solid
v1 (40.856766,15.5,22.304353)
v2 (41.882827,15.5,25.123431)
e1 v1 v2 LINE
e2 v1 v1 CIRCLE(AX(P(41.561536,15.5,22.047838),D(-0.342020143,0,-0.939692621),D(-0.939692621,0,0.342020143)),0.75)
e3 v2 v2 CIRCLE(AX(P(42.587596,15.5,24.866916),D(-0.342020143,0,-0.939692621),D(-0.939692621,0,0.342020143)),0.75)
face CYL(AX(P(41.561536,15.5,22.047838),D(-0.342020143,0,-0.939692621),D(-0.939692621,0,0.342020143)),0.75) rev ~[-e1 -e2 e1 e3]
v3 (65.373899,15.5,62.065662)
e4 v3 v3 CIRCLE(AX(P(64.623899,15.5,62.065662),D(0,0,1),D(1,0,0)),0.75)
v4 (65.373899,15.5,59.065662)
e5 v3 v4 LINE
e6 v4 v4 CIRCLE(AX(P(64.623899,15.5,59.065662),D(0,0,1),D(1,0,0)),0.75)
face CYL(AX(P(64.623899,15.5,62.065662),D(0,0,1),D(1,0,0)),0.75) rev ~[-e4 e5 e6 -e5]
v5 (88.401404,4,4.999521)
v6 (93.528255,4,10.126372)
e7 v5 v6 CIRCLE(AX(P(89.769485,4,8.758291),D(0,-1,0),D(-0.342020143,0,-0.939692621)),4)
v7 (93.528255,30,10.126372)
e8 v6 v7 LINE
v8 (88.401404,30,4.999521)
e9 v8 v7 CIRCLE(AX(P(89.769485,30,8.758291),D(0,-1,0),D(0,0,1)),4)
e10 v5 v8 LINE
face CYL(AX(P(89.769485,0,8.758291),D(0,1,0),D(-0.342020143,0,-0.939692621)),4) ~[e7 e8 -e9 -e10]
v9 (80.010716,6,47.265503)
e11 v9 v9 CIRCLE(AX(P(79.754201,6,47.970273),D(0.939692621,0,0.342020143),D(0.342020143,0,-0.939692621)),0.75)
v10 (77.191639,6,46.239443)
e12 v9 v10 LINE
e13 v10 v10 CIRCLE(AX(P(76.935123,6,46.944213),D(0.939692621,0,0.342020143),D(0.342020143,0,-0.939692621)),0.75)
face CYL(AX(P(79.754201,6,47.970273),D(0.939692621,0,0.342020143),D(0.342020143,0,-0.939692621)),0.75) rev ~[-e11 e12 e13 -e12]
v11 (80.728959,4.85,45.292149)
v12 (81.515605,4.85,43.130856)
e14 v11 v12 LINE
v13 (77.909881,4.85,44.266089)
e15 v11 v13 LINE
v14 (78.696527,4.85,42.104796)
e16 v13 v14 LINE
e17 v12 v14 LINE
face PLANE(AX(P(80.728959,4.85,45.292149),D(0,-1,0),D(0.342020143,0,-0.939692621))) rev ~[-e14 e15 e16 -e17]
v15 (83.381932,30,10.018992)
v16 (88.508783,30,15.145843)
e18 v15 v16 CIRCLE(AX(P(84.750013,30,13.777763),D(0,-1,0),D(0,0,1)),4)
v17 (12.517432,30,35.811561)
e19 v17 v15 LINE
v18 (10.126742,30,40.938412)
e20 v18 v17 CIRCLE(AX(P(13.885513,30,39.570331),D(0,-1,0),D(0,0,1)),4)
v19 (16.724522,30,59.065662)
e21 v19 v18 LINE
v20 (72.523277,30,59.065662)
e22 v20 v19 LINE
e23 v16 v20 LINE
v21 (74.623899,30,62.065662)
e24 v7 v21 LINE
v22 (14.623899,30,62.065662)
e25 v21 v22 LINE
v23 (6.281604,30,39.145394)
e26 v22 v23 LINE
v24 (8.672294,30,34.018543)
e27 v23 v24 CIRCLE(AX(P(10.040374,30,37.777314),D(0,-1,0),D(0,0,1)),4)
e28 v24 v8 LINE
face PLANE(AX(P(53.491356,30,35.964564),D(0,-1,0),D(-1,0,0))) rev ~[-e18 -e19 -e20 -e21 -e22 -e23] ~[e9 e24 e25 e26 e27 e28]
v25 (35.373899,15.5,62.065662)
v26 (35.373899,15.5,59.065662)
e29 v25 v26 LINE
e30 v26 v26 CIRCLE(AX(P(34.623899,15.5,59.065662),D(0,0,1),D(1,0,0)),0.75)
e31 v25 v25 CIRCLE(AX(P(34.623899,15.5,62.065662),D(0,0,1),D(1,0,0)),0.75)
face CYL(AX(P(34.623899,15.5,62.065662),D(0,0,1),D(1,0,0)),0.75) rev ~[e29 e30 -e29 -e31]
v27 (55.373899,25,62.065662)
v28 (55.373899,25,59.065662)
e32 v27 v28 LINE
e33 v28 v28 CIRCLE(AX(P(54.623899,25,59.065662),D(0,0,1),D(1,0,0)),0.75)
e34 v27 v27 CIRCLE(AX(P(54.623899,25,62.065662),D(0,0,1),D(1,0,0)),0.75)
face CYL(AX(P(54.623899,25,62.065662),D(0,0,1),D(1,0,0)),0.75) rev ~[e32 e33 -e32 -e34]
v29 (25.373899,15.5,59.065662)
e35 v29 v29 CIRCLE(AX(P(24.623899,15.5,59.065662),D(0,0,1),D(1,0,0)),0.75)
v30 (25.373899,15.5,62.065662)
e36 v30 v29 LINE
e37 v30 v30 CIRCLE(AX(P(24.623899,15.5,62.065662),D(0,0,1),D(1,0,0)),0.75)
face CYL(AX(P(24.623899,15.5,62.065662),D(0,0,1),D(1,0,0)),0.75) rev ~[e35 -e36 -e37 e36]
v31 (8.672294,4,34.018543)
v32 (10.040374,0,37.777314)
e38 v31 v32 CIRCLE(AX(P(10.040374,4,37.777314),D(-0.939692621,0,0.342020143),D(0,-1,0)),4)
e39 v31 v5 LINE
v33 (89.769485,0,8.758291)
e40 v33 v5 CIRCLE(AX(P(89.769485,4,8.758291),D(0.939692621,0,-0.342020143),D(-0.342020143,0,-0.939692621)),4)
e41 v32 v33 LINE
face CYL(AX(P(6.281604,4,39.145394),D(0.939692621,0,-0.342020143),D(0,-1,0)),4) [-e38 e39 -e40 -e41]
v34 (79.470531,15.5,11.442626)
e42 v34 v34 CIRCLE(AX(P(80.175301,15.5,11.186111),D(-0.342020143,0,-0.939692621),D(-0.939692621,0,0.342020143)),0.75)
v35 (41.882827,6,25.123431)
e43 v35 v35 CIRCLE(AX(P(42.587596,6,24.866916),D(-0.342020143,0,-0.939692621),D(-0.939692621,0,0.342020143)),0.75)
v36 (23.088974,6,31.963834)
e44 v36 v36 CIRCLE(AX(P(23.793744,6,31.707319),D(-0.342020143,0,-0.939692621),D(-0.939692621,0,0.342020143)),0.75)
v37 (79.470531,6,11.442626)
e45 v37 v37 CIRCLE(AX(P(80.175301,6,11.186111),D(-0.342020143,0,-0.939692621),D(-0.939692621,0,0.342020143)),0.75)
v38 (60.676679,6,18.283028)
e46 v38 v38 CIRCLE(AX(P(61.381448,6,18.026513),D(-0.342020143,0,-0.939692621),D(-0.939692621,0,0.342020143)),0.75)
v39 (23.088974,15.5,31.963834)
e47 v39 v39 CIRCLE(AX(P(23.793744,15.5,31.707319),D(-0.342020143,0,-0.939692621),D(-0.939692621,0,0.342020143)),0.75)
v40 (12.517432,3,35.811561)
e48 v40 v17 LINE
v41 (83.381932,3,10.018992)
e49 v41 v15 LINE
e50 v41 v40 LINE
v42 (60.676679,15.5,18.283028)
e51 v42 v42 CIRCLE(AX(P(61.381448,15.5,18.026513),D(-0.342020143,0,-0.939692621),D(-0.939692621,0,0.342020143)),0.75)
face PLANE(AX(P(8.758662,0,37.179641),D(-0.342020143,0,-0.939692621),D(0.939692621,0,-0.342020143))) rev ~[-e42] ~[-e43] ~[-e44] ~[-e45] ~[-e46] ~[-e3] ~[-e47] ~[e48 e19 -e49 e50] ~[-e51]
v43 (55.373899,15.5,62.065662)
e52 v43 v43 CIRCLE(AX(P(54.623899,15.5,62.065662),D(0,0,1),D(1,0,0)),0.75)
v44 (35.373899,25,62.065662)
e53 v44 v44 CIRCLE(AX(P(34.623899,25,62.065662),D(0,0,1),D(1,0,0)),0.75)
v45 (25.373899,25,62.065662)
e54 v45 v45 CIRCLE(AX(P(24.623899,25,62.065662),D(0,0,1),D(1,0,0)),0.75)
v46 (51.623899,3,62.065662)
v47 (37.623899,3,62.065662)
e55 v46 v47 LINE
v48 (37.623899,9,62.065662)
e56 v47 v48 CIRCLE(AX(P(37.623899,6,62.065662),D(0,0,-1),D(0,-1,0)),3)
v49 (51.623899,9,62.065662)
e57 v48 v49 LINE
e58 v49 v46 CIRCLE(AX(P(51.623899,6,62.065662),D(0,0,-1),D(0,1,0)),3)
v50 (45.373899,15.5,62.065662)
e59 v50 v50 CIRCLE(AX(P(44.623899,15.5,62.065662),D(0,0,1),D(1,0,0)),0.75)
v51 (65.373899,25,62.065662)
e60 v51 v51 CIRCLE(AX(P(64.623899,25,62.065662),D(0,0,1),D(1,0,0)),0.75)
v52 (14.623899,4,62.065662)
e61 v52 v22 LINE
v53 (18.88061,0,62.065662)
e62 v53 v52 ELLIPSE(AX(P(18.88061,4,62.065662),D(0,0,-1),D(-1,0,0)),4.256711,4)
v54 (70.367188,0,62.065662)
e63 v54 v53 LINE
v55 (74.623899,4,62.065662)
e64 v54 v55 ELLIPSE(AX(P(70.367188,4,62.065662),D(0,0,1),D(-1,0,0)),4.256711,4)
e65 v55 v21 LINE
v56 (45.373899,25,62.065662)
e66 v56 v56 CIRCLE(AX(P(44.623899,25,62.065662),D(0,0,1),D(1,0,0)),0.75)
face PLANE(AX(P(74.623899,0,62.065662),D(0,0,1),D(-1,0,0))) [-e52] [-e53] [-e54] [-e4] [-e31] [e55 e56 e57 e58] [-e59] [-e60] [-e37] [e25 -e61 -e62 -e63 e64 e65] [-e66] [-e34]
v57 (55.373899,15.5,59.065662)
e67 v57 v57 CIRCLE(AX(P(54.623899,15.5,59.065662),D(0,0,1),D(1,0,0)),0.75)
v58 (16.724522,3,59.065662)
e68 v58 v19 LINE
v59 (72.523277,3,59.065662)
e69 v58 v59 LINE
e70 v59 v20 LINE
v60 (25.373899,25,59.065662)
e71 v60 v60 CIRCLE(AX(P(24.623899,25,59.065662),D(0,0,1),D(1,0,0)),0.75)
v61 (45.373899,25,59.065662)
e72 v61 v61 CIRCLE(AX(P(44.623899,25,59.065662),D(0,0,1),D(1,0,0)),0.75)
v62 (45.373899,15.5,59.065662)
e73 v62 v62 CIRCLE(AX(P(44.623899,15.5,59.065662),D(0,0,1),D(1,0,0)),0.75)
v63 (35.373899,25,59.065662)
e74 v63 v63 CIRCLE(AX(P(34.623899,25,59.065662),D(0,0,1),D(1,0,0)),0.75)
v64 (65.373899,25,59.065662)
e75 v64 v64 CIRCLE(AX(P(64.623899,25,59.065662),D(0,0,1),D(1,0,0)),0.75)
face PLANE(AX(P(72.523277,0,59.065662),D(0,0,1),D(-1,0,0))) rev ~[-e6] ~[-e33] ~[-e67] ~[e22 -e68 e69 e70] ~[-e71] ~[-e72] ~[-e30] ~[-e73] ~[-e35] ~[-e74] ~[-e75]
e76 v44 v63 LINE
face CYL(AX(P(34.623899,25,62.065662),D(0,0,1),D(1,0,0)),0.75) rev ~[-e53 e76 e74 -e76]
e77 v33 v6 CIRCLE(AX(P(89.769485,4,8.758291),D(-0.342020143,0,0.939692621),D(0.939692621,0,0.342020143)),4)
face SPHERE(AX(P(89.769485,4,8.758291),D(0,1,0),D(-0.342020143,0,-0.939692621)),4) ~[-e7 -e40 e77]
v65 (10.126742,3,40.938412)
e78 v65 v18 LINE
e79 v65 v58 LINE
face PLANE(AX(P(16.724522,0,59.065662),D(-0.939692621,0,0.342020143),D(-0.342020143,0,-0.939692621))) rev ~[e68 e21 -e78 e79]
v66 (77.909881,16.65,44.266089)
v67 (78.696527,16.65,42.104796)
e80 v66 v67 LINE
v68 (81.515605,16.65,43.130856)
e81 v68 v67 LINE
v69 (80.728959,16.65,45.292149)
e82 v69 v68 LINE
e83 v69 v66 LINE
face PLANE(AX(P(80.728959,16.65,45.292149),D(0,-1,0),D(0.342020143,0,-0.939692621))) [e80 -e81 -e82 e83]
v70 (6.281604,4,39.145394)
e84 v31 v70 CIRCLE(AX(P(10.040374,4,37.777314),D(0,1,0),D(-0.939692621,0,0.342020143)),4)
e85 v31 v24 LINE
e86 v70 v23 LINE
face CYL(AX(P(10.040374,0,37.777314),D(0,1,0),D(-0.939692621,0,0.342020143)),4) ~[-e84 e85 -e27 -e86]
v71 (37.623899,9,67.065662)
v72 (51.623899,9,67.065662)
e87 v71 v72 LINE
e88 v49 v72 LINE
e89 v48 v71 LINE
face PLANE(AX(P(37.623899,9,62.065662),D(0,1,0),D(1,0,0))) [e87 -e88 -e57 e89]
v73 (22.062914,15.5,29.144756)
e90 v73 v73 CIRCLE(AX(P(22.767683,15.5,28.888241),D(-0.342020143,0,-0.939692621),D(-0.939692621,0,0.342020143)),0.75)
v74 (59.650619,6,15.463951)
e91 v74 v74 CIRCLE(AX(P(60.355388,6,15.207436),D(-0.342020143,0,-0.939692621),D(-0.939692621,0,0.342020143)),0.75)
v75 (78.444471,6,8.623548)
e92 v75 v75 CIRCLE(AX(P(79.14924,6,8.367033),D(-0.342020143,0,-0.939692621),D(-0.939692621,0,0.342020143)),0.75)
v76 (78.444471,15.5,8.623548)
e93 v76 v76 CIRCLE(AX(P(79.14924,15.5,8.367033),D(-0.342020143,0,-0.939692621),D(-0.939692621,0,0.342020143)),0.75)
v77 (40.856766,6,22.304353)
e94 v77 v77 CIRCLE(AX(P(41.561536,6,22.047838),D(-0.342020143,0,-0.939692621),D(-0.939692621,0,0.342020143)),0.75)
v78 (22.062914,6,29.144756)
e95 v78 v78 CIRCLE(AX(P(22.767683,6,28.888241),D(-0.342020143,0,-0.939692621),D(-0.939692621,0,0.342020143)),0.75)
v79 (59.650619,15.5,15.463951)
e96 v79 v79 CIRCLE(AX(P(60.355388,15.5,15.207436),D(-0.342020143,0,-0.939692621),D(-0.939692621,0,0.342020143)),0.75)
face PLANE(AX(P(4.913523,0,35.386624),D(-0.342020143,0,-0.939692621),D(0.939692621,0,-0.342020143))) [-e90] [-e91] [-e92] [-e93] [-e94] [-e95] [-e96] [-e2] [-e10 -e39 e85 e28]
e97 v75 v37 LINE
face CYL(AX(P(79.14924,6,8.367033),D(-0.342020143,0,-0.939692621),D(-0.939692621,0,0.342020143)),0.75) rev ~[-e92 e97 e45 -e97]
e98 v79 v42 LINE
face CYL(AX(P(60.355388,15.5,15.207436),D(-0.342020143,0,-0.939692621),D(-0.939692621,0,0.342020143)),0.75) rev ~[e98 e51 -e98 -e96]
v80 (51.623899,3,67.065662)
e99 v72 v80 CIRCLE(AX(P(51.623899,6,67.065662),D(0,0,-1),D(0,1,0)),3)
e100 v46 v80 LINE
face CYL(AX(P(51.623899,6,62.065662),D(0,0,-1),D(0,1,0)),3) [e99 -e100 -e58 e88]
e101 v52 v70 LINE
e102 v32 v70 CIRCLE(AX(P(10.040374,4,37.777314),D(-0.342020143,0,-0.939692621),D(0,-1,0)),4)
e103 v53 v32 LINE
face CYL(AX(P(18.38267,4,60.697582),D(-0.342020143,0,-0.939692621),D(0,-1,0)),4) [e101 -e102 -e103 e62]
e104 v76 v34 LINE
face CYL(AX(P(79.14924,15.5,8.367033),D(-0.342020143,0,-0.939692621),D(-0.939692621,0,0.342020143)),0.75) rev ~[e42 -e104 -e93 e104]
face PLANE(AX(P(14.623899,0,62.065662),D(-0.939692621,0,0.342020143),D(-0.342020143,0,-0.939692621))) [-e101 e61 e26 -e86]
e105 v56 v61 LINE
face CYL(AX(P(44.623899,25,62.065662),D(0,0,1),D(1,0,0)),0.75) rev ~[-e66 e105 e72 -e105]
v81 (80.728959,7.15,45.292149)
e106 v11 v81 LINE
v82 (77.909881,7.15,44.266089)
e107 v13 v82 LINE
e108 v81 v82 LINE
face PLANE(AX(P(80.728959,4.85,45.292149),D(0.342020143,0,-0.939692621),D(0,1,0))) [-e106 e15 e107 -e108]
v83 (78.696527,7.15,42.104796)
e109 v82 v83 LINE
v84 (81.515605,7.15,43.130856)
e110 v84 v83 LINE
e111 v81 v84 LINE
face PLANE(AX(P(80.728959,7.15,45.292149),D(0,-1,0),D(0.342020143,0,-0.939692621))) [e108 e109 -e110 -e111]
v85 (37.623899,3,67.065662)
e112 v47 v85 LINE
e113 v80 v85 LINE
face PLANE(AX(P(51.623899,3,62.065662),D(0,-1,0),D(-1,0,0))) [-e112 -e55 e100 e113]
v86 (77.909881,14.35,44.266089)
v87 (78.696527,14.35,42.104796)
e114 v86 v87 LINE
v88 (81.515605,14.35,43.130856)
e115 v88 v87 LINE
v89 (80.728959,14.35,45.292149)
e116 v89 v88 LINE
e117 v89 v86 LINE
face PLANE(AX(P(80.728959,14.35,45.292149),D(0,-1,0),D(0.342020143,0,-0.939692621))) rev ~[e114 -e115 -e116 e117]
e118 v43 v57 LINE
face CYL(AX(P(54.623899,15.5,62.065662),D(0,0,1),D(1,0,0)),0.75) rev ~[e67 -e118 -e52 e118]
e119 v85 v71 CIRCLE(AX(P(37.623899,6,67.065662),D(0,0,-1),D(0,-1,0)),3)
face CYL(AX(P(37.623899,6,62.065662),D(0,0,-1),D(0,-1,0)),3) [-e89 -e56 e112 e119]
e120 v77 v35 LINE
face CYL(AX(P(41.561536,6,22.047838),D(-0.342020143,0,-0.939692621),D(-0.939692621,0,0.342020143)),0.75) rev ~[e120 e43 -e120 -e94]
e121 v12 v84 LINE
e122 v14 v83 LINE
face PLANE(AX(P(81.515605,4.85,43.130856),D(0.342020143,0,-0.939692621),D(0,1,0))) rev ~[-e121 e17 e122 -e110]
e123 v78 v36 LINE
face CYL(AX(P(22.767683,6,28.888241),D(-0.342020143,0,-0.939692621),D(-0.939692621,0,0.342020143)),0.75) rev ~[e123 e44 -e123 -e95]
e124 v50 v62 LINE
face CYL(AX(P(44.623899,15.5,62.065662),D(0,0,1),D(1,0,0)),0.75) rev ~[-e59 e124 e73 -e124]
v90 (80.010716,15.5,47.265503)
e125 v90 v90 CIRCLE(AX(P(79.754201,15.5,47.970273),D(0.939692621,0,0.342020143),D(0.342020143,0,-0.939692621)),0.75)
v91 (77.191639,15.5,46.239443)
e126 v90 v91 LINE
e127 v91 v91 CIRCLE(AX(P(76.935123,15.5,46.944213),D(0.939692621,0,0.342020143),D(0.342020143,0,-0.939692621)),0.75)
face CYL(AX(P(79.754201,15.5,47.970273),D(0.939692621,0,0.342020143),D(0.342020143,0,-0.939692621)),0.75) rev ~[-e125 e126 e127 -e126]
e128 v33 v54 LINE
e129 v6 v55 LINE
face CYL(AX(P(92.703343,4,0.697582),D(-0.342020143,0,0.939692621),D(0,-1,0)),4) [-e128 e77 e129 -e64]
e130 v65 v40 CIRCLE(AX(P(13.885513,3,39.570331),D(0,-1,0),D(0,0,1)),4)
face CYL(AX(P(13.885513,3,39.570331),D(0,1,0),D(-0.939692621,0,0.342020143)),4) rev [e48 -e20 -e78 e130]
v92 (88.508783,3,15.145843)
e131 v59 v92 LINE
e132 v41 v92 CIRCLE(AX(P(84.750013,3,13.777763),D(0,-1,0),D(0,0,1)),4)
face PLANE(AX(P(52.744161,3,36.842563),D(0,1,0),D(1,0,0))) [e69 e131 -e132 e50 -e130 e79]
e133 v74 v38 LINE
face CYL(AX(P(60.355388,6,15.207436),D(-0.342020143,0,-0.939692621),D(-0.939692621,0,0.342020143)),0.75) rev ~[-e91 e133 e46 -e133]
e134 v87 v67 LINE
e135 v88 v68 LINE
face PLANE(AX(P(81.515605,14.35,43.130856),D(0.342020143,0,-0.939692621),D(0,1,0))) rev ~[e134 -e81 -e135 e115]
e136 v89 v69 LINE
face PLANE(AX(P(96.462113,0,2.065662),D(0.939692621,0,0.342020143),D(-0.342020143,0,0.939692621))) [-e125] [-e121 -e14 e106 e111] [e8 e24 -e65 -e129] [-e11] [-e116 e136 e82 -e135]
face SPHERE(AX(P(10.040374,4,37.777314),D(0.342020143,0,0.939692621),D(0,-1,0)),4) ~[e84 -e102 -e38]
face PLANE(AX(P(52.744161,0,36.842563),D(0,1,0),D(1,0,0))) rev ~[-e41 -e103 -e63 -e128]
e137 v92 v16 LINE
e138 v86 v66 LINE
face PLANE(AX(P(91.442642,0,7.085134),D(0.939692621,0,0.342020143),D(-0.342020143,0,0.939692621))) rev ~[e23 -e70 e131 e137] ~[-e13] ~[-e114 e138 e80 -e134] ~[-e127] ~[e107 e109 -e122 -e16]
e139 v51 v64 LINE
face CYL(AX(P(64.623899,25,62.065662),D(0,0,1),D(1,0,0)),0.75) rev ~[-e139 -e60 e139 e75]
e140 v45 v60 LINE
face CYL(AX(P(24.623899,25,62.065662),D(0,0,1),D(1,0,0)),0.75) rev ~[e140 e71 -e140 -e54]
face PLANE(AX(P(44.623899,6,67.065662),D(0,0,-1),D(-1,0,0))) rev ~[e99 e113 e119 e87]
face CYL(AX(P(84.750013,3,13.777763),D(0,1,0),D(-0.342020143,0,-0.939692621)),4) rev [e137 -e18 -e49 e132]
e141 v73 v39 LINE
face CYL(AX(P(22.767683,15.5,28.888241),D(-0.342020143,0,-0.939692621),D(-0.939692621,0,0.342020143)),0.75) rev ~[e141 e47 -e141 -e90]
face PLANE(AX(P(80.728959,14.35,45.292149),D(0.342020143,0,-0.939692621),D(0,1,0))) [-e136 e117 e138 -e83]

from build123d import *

# Parameters (mm, degrees)
BOSS_EXTRUDE1_DEPTH = 30
BOSS_EXTRUDE2_DEPTH = 3
FILLET1_R           = 4
SKETCH4_R           = 0.75
CUT_EXTRUDE1_DEPTH  = 3
SKETCH9_R           = 0.75
CUT_EXTRUDE4_DEPTH  = 3
SKETCH6_R           = 0.75
CUT_EXTRUDE3_DEPTH  = 3
BOSS_EXTRUDE3_DEPTH = 5
SKETCH10_W          = 2.3
SKETCH10_H          = 2.3
CUT_EXTRUDE5_DEPTH  = 3


with BuildPart() as part:
    # Sketch1 → Boss-Extrude1 (new body)
    with BuildSketch(Plane(origin=(0, 0, 0), x_dir=(1, 0, 0), z_dir=(0, 1, 0))):
        Polygon((14.623899198, -62.06566226), (4.913523379, -35.386623963), (96.462113254, -2.06566226), (74.623899198, -62.06566226), align=None)
        Polygon((16.724521813, -59.06566226), (8.758661672, -37.179641396), (91.442641699, -7.085133815), (72.523276583, -59.06566226), align=None, mode=Mode.SUBTRACT)
    extrude(amount=BOSS_EXTRUDE1_DEPTH)

    # Sketch3 → Boss-Extrude2 (add)
    with BuildSketch(Plane(origin=(0, 0, 0), x_dir=(1, 0, 0), z_dir=(0, 1, 0))):
        Polygon((8.758661672, -37.179641396), (16.724521813, -59.06566226), (72.523276583, -59.06566226), (91.442641699, -7.085133815), align=None)
    extrude(amount=BOSS_EXTRUDE2_DEPTH)

    # Fillet1
    fillet1_edges = [part.edges().sort_by_distance(p)[0] for p in [
        (91.442641699, 16.5, 7.085133815),
        (8.758661672, 16.5, 37.179641396),
        (9.768711289, 0, 48.726143111),
        (50.687818317, 0, 18.726143111),
        (85.543006226, 0, 32.06566226),
        (4.913523379, 15, 35.386623963),
        (96.462113254, 15, 2.06566226),
    ]]
    fillet(fillet1_edges, radius=FILLET1_R)

    # Sketch4 → Cut-Extrude1 (cut)
    with BuildSketch(Plane(origin=(11.947814765, 0, 32.826351279), x_dir=(-0.939692621, 0, 0.342020143), z_dir=(-0.342020143, 0, -0.939692621))):
        with Locations((-71.514263462, 15.5)):
            Circle(SKETCH4_R)
        with Locations((-51.514263462, 15.5)):
            Circle(SKETCH4_R)
        with Locations((-31.514263462, 15.5)):
            Circle(SKETCH4_R)
        with Locations((-11.514263462, 15.5)):
            Circle(SKETCH4_R)
        with Locations((-11.514263462, 6)):
            Circle(SKETCH4_R)
        with Locations((-31.514263462, 6)):
            Circle(SKETCH4_R)
        with Locations((-51.514263462, 6)):
            Circle(SKETCH4_R)
        with Locations((-71.514263462, 6)):
            Circle(SKETCH4_R)
    extrude(amount=-CUT_EXTRUDE1_DEPTH, mode=Mode.SUBTRACT)

    # Sketch9 → Cut-Extrude4 (cut)
    with BuildSketch(Plane(origin=(85.842080595, 0, 31.243962184), x_dir=(0.342020143, 0, -0.939692621), z_dir=(0.939692621, 0, 0.342020143))):
        with Locations((-17.79976813, 15.5)):
            Circle(SKETCH9_R)
        with Locations((-17.79976813, 6)):
            Circle(SKETCH9_R)
    extrude(amount=-CUT_EXTRUDE4_DEPTH, mode=Mode.SUBTRACT)

    # Sketch6 → Cut-Extrude3 (cut)
    with BuildSketch(Plane.XY.offset(62.06566226)):
        with Locations((34.623899198, 25)):
            Circle(SKETCH6_R)
        with Locations((44.623899198, 25)):
            Circle(SKETCH6_R)
        with Locations((54.623899198, 25)):
            Circle(SKETCH6_R)
        with Locations((64.623899198, 25)):
            Circle(SKETCH6_R)
        with Locations((34.623899198, 15.5)):
            Circle(SKETCH6_R)
        with Locations((44.623899198, 15.5)):
            Circle(SKETCH6_R)
        with Locations((54.623899198, 15.5)):
            Circle(SKETCH6_R)
        with Locations((64.623899198, 15.5)):
            Circle(SKETCH6_R)
        with Locations((24.623899198, 25)):
            Circle(SKETCH6_R)
        with Locations((24.623899198, 15.5)):
            Circle(SKETCH6_R)
    extrude(amount=-CUT_EXTRUDE3_DEPTH, mode=Mode.SUBTRACT)

    # Sketch7 → Boss-Extrude3 (add)
    with BuildSketch(Plane.XY.offset(62.06566226)):
        with BuildLine():
            Line((37.623899198, 9), (51.623899198, 9))
            ThreePointArc((51.623899198, 9), (54.623899198, 6), (51.623899198, 3))
            Line((51.623899198, 3), (37.623899198, 3))
            ThreePointArc((37.623899198, 3), (34.623899198, 6), (37.623899198, 9))
        make_face()
    extrude(amount=BOSS_EXTRUDE3_DEPTH)

    # Sketch10 → Cut-Extrude5 (cut)
    with BuildSketch(Plane(origin=(85.842080595, 0, 31.243962184), x_dir=(0.342020143, 0, -0.939692621), z_dir=(0.939692621, 0, 0.342020143))):
        with Locations((-13.79976813, 15.5)):
            Rectangle(SKETCH10_W, SKETCH10_H)
        with Locations((-13.79976813, 6)):
            Rectangle(SKETCH10_W, SKETCH10_H)
    extrude(amount=-CUT_EXTRUDE5_DEPTH, mode=Mode.SUBTRACT)


solid = part.part
